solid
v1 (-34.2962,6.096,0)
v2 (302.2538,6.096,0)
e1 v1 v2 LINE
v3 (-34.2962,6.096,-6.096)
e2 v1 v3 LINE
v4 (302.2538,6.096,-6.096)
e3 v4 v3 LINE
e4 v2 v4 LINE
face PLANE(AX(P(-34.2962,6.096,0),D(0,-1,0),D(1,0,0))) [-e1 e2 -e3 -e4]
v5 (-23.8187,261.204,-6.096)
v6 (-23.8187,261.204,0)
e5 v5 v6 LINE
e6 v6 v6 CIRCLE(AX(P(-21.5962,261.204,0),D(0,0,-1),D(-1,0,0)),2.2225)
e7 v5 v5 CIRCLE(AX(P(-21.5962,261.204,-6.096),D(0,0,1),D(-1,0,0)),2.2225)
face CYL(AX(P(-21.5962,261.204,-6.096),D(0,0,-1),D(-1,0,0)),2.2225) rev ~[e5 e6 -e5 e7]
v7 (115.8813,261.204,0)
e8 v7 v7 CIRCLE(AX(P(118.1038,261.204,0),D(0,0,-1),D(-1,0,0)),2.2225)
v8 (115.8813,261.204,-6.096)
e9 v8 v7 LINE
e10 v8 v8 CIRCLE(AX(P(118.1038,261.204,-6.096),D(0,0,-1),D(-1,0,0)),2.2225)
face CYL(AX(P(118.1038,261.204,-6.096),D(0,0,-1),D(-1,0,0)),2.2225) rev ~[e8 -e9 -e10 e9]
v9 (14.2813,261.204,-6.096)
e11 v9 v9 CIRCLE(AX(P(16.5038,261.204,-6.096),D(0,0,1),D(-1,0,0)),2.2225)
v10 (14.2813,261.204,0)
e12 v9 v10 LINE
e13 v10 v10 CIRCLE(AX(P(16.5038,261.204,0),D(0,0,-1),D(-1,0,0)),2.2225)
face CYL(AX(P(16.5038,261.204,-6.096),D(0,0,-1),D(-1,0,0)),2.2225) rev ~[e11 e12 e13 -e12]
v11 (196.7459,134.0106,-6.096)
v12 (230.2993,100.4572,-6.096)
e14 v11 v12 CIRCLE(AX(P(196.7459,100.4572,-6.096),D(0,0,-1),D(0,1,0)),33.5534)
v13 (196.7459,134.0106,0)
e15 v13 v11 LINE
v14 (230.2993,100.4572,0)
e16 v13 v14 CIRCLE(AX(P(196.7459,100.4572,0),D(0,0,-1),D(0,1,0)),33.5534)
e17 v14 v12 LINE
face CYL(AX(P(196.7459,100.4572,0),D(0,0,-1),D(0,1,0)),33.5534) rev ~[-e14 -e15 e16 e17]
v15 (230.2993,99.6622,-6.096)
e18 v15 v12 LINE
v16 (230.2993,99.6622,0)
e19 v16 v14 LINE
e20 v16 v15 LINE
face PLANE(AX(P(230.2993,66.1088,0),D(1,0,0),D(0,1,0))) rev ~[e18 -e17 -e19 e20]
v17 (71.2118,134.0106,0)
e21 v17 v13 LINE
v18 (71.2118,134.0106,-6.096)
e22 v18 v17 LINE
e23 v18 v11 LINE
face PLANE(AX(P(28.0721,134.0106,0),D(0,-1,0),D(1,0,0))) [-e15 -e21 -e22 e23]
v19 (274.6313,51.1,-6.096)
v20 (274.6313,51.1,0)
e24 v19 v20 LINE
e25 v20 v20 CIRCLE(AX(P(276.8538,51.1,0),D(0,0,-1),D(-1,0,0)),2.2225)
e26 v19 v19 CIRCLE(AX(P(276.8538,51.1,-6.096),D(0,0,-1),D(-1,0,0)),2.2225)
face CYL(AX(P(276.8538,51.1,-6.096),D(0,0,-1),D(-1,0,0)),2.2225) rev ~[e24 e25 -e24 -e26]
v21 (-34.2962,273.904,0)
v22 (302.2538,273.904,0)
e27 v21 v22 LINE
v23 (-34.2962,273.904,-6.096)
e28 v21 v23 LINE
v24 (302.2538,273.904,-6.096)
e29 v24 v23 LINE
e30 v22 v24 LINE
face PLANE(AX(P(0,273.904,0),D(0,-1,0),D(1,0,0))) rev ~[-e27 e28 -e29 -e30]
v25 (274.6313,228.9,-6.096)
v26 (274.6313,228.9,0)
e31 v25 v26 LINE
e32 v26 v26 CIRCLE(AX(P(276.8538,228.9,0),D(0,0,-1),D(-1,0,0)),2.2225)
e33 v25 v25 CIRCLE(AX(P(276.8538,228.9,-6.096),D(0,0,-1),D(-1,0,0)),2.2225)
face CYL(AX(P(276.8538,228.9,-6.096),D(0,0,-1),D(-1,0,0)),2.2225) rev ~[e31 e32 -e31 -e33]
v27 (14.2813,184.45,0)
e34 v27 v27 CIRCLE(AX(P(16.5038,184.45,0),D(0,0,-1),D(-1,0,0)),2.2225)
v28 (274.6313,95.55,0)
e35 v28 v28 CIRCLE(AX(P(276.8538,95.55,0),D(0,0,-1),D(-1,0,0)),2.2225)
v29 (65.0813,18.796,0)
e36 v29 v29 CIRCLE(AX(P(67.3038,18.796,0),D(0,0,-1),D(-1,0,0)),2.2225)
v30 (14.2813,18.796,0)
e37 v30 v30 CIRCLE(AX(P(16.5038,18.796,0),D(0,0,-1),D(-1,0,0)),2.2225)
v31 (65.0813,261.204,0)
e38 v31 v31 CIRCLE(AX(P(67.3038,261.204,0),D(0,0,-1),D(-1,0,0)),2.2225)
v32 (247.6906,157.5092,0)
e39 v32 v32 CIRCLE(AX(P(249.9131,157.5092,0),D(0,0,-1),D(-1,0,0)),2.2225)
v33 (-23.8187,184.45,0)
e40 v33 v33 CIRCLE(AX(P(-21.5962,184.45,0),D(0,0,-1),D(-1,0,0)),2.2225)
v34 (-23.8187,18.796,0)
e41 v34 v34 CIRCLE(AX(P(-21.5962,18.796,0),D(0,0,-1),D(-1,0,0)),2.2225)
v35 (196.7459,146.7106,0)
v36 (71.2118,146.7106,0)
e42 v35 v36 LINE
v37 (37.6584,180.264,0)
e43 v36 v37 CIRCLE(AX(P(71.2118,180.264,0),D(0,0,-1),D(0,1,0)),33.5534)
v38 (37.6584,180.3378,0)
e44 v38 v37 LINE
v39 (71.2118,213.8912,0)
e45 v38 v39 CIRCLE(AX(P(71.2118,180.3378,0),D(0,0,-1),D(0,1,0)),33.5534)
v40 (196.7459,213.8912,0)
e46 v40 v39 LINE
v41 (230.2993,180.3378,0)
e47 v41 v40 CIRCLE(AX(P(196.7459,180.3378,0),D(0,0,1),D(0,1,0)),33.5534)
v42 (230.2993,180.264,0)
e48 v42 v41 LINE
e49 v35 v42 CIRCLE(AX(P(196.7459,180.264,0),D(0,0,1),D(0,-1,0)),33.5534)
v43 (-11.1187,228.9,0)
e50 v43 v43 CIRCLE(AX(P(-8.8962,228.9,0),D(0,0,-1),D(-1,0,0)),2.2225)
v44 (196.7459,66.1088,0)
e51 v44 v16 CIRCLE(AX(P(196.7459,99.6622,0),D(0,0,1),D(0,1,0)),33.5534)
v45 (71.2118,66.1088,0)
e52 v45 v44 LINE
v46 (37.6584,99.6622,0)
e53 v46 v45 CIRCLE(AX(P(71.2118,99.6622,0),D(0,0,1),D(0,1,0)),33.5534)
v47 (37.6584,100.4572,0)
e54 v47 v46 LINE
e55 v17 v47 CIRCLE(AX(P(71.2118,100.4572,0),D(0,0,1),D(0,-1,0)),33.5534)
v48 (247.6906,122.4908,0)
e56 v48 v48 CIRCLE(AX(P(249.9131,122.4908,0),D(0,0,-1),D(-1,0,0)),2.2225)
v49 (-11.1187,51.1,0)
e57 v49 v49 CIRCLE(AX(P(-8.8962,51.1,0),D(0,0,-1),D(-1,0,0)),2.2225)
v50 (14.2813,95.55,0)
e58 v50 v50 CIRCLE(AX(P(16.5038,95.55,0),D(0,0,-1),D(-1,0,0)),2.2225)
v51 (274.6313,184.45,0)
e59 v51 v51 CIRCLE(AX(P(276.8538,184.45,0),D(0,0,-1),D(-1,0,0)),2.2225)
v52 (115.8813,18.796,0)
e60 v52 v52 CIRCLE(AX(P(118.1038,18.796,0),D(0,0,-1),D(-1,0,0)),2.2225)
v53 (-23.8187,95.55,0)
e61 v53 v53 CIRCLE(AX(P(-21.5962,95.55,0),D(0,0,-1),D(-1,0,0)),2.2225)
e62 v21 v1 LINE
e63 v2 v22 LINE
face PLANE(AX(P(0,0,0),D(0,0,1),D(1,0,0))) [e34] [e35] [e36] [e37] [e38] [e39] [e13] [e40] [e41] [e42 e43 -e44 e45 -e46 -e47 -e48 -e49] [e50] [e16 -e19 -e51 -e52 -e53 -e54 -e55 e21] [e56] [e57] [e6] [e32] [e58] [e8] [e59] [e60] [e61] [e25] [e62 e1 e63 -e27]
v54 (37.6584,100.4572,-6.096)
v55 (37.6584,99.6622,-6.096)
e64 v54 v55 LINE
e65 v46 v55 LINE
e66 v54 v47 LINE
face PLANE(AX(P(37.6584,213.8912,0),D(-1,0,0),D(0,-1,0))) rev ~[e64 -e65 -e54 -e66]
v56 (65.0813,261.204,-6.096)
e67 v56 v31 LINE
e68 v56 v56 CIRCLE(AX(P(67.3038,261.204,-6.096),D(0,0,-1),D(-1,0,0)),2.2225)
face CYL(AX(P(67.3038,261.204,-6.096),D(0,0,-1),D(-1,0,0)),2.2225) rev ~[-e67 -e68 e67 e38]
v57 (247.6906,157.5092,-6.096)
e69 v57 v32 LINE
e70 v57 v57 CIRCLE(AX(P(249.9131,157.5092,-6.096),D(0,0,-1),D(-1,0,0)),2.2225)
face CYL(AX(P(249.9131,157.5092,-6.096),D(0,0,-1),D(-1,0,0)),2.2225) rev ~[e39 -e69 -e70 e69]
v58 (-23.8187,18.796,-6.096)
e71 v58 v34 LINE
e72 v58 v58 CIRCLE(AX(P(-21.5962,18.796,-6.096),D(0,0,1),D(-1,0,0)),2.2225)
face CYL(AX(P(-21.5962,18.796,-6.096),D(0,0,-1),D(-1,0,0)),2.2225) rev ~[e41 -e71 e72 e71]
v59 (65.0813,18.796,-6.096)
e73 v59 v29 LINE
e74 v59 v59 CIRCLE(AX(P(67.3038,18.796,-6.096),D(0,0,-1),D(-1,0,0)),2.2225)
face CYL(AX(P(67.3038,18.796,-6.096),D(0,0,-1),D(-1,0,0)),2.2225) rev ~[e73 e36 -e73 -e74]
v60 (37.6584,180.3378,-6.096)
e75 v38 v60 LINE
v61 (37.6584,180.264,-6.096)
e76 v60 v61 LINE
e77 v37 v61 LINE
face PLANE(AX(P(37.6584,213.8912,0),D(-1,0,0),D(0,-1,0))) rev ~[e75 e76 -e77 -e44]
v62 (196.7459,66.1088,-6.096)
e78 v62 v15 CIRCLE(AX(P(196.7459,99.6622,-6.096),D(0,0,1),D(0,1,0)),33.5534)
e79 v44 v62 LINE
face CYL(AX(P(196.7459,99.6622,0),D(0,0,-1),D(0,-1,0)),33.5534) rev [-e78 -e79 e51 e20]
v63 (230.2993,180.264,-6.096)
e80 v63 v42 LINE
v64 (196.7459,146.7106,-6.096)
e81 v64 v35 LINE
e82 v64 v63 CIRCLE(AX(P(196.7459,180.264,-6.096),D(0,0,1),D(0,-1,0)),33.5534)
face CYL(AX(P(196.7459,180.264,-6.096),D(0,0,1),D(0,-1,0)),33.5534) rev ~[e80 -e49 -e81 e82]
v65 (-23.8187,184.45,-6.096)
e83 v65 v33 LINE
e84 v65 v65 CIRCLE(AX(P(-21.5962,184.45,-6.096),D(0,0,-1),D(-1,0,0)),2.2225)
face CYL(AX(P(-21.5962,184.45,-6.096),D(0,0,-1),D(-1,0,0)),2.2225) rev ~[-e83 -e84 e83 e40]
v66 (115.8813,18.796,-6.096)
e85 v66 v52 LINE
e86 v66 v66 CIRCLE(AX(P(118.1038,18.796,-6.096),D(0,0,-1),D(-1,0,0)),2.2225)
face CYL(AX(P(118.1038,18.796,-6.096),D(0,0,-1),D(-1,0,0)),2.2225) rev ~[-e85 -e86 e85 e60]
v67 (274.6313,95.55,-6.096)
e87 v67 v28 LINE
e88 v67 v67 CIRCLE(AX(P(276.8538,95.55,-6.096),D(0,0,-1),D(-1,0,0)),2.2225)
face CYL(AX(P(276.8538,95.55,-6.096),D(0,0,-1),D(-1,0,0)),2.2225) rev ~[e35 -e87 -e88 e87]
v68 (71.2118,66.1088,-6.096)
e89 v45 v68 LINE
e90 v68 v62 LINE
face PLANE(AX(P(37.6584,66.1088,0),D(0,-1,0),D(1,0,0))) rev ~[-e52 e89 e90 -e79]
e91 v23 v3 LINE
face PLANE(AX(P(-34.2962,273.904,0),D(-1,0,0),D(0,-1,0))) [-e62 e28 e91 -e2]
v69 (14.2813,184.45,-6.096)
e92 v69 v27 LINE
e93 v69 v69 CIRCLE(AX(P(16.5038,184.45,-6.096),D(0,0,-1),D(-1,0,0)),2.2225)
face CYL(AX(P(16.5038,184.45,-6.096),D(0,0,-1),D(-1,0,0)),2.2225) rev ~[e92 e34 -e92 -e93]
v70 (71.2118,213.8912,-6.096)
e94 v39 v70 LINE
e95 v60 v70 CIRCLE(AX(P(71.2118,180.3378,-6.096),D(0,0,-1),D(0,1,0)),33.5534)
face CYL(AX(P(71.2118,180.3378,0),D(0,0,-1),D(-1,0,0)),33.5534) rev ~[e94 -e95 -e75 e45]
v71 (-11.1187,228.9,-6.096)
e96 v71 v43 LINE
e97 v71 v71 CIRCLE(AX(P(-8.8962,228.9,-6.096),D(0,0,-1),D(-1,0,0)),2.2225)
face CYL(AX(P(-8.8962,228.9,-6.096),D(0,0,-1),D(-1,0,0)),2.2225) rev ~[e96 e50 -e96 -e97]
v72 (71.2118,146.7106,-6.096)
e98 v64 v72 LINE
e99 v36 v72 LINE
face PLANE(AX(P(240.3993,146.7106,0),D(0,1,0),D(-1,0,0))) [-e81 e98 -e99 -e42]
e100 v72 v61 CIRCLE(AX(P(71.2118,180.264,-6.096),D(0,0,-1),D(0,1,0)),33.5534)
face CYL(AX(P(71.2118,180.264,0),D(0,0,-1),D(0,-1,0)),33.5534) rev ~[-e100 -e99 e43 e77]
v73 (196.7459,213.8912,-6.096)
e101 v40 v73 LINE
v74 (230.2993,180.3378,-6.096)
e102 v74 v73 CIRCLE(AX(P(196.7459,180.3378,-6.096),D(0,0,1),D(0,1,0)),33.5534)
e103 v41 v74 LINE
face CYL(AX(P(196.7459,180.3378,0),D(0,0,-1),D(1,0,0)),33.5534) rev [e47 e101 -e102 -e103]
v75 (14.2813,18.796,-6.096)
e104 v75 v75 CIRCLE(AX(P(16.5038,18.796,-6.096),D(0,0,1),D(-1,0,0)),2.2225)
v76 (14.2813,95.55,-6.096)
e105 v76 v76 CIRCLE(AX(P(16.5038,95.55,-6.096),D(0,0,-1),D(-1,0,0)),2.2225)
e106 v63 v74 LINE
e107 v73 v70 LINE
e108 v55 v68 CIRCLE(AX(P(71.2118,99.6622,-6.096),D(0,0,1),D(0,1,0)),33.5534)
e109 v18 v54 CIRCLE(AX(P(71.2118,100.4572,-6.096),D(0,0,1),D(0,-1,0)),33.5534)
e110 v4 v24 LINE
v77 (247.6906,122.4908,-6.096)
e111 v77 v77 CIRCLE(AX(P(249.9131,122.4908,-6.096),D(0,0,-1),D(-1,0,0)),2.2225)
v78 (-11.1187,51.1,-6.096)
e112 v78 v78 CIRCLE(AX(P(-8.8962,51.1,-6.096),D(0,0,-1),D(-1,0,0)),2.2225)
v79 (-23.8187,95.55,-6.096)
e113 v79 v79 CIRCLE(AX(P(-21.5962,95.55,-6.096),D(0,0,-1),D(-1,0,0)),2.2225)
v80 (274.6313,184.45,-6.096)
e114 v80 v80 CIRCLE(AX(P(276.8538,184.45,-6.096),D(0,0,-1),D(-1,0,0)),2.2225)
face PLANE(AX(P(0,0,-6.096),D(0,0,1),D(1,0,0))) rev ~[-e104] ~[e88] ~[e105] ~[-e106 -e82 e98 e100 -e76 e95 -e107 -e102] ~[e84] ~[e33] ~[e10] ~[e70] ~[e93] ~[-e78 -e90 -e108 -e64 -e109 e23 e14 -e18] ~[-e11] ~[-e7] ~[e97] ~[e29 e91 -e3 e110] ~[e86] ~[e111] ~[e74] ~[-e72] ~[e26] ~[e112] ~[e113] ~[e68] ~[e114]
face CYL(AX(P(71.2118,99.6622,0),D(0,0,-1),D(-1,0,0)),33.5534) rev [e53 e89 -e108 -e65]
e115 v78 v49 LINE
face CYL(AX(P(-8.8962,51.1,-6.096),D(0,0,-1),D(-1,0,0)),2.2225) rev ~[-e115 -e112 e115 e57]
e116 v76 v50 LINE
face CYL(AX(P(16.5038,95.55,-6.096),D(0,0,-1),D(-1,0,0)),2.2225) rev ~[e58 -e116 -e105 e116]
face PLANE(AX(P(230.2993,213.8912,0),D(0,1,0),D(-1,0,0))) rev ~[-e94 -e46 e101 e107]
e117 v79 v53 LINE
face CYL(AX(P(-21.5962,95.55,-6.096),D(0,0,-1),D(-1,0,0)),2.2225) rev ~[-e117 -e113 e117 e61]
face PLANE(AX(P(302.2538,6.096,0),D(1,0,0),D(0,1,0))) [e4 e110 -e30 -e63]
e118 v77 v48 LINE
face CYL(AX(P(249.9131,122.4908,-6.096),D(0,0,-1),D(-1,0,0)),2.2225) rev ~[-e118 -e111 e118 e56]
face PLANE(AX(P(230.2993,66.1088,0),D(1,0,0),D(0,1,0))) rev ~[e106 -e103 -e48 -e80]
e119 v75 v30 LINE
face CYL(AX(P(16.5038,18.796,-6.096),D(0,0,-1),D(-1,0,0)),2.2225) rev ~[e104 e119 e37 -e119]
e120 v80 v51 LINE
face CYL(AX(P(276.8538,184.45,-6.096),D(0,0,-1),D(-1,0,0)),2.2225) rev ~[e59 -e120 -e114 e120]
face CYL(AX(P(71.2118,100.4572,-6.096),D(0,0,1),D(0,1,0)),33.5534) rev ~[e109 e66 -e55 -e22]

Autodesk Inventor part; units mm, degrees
ref_plane "YZ Plane" through (0, 0, 0) normal (1, 0, 0) x (0, 1, 0)
ref_plane "XZ Plane" through (0, 0, 0) normal (0, 1, 0) x (-1, 0, 0)
ref_plane "XY Plane" through (0, 0, 0) normal (0, 0, 1) x (1, 0, 0)
ref_plane "Work Plane1" through (0, 0, 0) normal (0, 0, 1) x (1, 0, 0)
sketch "Sketch1" plane through (0, 0, 0) normal (0, 0, 1) x (1, 0, 0)
  line L0 (0, 273.904) -> (158.3386, 273.904)
  line L1 (133.9788, 273.904) -> (133.9788, 6.096)
  line L2 (-34.2962, 6.096) -> (302.2538, 6.096)
  line L3 (302.2538, 6.096) -> (302.2538, 273.904)
  line L4 (302.2538, 273.904) -> (-34.2962, 273.904)
  line L5 (-34.2962, 273.904) -> (-34.2962, 6.096)
  line L6 (-34.2962, 6.096) -> (302.2538, 273.904) construction
  line L7 (302.2538, 6.096) -> (-34.2962, 273.904) construction
  point P0 (0, 0)
  point P1 (0, 6.096)
  point P2 (133.9788, 140)
  dimension "d0" = 336.55
extrude "Extrusion1" add sketch "Sketch1" against normal blind 6.096
sketch "Sketch2" plane through (0, 0, -6.096) normal (0, 0, -1) x (-1, 0, 0)
  line L0 (-302.2538, 6.096) -> (34.2962, 6.096) projected
  line L1 (34.2962, 6.096) -> (34.2962, 273.904) projected
  line L2 (34.2962, 273.904) -> (-302.2538, 273.904) projected
  line L3 (-302.2538, 273.904) -> (-302.2538, 6.096) projected
  line L4 (34.2962, 6.096) -> (-16.5038, 6.096)
  line L5 (-302.2538, 6.096) -> (34.2962, 6.096) projected
  line L6 (-16.5038, 6.096) -> (-67.3038, 6.096)
  line L7 (-67.3038, 6.096) -> (-118.1038, 6.096)
  line L8 (-16.5038, 6.096) -> (-16.5038, 18.796)
  circle A0 centre (-16.5038, 18.796) radius 2.2225
  circle A1 centre (-118.1038, 18.796) radius 2.2225
  circle A2 centre (-67.3038, 18.796) radius 2.2225
  line L9 (-16.5038, 18.796) -> (21.5962, 18.796)
  circle A3 centre (21.5962, 18.796) radius 2.2225
  line L10 (34.2962, 6.096) -> (34.2962, 273.904) projected
  line L11 (34.2962, 140) -> (8.8962, 140)
  line L12 (34.2962, 273.904) -> (-16.5038, 273.904)
  line L13 (-16.5038, 273.904) -> (-67.3038, 273.904)
  line L14 (-67.3038, 273.904) -> (-118.1038, 273.904)
  line L15 (-16.5038, 273.904) -> (-16.5038, 261.204)
  circle A4 centre (-16.5038, 261.204) radius 2.2225
  circle A5 centre (-118.1038, 261.204) radius 2.2225
  circle A6 centre (-67.3038, 261.204) radius 2.2225
  line L16 (-16.5038, 261.204) -> (21.5962, 261.204)
  circle A7 centre (21.5962, 261.204) radius 2.2225
  point P0 (0, 0)
  point P1 (0, 280)
  dimension "d3" = 50.8
  dimension "d4" = 50.8
  dimension "d5" = 50.8
  dimension "d6" = 12.7
  dimension "d7" = 4.445
  dimension "d8" = 4.445
  dimension "d9" = 4.445
  dimension "d10" = 38.1
  dimension "d11" = 4.445
extrude "Extrusion2" cut sketch "Sketch2" against normal blind 10.8585 contours A3 | A0 L9 L8 | L8 L9 A0 | A7 | A4 L16 L15 | L15 L16 A4 | A1 | A2 | A5 | A6
sketch "Sketch3" plane through (0, 0, -6.096) normal (0, 0, -1) x (-1, 0, 0)
  circle A0 centre (-67.3038, 261.204) radius 2.2225 projected
  circle A1 centre (21.5962, 261.204) radius 2.2225 projected
  circle A2 centre (-67.3038, 18.796) radius 2.2225 projected
  circle A3 centre (-16.5038, 18.796) radius 2.2225 projected
  circle A4 centre (-118.1038, 18.796) radius 2.2225 projected
  circle A5 centre (21.5962, 18.796) radius 2.2225 projected
  circle A6 centre (-16.5038, 261.204) radius 2.2225 projected
  circle A7 centre (-118.1038, 261.204) radius 2.2225 projected
  line L0 (-302.2538, 6.096) -> (34.2962, 6.096) projected
  line L1 (34.2962, 6.096) -> (34.2962, 273.904) projected
  line L2 (34.2962, 273.904) -> (-302.2538, 273.904) projected
  line L3 (-302.2538, 273.904) -> (-302.2538, 6.096) projected
  circle A8 centre (8.8962, 228.9) radius 2.2225
  circle A9 centre (21.5962, 184.45) radius 2.2225
  circle A10 centre (-16.5038, 184.45) radius 2.2225
  circle A11 centre (-16.5038, 95.55) radius 2.2225
  circle A12 centre (8.8962, 51.1) radius 2.2225
  circle A13 centre (21.5962, 95.55) radius 2.2225
  point P0 (0, 0)
  dimension "d20" = 4.445
  dimension "d21" = 4.445
  dimension "d22" = 4.445
  dimension "d23" = 4.445
  dimension "d24" = 4.445
  dimension "d25" = 4.445
extrude "Extrusion3" cut sketch "Sketch3" against normal blind 10.8585 contours A8 | A9 | A10 | A11 | A12 | A13
sketch "Sketch4" plane through (0, 0, -6.096) normal (0, 0, -1) x (-1, 0, 0)
  circle A0 centre (8.8962, 51.1) radius 2.2225 projected
  circle A1 centre (-16.5038, 184.45) radius 2.2225 projected
  circle A2 centre (8.8962, 228.9) radius 2.2225 projected
  circle A3 centre (21.5962, 184.45) radius 2.2225 projected
  circle A4 centre (-16.5038, 95.55) radius 2.2225 projected
  circle A5 centre (21.5962, 95.55) radius 2.2225 projected
  circle A6 centre (-67.3038, 261.204) radius 2.2225 projected
  circle A7 centre (21.5962, 261.204) radius 2.2225 projected
  circle A8 centre (-67.3038, 18.796) radius 2.2225 projected
  circle A9 centre (-16.5038, 18.796) radius 2.2225 projected
  circle A10 centre (-118.1038, 18.796) radius 2.2225 projected
  circle A11 centre (21.5962, 18.796) radius 2.2225 projected
  circle A12 centre (-16.5038, 261.204) radius 2.2225 projected
  circle A13 centre (-118.1038, 261.204) radius 2.2225 projected
  line L0 (-302.2538, 6.096) -> (34.2962, 6.096) projected
  line L1 (34.2962, 6.096) -> (34.2962, 273.904) projected
  line L2 (34.2962, 273.904) -> (-302.2538, 273.904) projected
  line L3 (-302.2538, 273.904) -> (-302.2538, 6.096) projected
  line L4 (-302.2538, 6.096) -> (-302.2538, 273.904) projected
  line L5 (-302.2538, 228.9) -> (-276.8538, 228.9) construction
  line L6 (-302.2538, 140) -> (-241.6696, 140)
  circle A14 centre (-276.8538, 228.9) radius 2.2225
  circle A15 centre (-276.8538, 184.45) radius 2.2225
  circle A16 centre (-276.8538, 95.55) radius 2.2225
  circle A17 centre (-276.8538, 51.1) radius 2.2225
  line L7 (-276.8538, 184.45) -> (-238.7538, 184.45) construction
  circle A18 centre (-249.9131, 157.5092) radius 2.2225
  circle A19 centre (-249.9131, 122.4908) radius 2.2225
  point P0 (0, 0)
  dimension "d31" = 4.445
  dimension "d32" = 4.445
  dimension "d33" = 4.445
  dimension "d37" = 4.445
  dimension "d38" = 4.445
extrude "Extrusion4" cut sketch "Sketch4" against normal blind 10.8585 contours A14 | A15 | A16 | A17 | A18 | A19
sketch "Sketch5" plane through (0, 0, 0) normal (0, 0, 1) x (1, 0, 0)
  line L0 (253.9788, 60) -> (13.9788, 60) projected
  line L1 (13.9788, 60) -> (13.9788, 220) projected
  line L2 (13.9788, 220) -> (253.9788, 220) projected
  line L3 (253.9788, 220) -> (253.9788, 60) projected
  line L4 (37.6584, 66.1088) -> (230.2993, 66.1088)
  line L5 (230.2993, 66.1088) -> (230.2993, 213.8912)
  line L6 (230.2993, 213.8912) -> (37.6584, 213.8912)
  line L7 (37.6584, 213.8912) -> (37.6584, 66.1088)
  line L8 (37.6584, 66.1088) -> (230.2993, 213.8912) construction
  line L9 (230.2993, 66.1088) -> (37.6584, 213.8912) construction
  point P0 (0, 0)
  point P1 (133.9788, 140)
extrude "Extrusion5" cut sketch "Sketch5" against normal blind 10.8585 contours L7 L6 L5 L4
sketch "Sketch6" plane through (0, 0, 0) normal (0, 0, 1) x (1, 0, 0)
  line L0 (28.0721, 134.0106) -> (240.3993, 134.0106)
  line L1 (240.3993, 134.0106) -> (240.3993, 146.7106)
  line L2 (240.3993, 146.7106) -> (28.0721, 146.7106)
  line L3 (28.0721, 146.7106) -> (28.0721, 134.0106)
  line L4 (28.0721, 134.0106) -> (240.3993, 146.7106) construction
  line L5 (240.3993, 134.0106) -> (28.0721, 146.7106) construction
  point P0 (0, 0)
  point P1 (134.2357, 140.3606)
  dimension "d43" = 12.7
extrude "Extrusion6" add sketch "Sketch6" against normal up to surface (6.096 mm away)
fillet "Fillet1" radius 33.5534 8 edges at (230.2993, 66.1088, -3.048) (230.2993, 134.0106, -3.048) (230.2993, 146.7106, -3.048) (230.2993, 213.8912, -3.048) (37.6584, 66.1088, -3.048) (37.6584, 134.0106, -3.048) (37.6584, 146.7106, -3.048) (37.6584, 213.8912, -3.048)
properties part number "BasePlate"
